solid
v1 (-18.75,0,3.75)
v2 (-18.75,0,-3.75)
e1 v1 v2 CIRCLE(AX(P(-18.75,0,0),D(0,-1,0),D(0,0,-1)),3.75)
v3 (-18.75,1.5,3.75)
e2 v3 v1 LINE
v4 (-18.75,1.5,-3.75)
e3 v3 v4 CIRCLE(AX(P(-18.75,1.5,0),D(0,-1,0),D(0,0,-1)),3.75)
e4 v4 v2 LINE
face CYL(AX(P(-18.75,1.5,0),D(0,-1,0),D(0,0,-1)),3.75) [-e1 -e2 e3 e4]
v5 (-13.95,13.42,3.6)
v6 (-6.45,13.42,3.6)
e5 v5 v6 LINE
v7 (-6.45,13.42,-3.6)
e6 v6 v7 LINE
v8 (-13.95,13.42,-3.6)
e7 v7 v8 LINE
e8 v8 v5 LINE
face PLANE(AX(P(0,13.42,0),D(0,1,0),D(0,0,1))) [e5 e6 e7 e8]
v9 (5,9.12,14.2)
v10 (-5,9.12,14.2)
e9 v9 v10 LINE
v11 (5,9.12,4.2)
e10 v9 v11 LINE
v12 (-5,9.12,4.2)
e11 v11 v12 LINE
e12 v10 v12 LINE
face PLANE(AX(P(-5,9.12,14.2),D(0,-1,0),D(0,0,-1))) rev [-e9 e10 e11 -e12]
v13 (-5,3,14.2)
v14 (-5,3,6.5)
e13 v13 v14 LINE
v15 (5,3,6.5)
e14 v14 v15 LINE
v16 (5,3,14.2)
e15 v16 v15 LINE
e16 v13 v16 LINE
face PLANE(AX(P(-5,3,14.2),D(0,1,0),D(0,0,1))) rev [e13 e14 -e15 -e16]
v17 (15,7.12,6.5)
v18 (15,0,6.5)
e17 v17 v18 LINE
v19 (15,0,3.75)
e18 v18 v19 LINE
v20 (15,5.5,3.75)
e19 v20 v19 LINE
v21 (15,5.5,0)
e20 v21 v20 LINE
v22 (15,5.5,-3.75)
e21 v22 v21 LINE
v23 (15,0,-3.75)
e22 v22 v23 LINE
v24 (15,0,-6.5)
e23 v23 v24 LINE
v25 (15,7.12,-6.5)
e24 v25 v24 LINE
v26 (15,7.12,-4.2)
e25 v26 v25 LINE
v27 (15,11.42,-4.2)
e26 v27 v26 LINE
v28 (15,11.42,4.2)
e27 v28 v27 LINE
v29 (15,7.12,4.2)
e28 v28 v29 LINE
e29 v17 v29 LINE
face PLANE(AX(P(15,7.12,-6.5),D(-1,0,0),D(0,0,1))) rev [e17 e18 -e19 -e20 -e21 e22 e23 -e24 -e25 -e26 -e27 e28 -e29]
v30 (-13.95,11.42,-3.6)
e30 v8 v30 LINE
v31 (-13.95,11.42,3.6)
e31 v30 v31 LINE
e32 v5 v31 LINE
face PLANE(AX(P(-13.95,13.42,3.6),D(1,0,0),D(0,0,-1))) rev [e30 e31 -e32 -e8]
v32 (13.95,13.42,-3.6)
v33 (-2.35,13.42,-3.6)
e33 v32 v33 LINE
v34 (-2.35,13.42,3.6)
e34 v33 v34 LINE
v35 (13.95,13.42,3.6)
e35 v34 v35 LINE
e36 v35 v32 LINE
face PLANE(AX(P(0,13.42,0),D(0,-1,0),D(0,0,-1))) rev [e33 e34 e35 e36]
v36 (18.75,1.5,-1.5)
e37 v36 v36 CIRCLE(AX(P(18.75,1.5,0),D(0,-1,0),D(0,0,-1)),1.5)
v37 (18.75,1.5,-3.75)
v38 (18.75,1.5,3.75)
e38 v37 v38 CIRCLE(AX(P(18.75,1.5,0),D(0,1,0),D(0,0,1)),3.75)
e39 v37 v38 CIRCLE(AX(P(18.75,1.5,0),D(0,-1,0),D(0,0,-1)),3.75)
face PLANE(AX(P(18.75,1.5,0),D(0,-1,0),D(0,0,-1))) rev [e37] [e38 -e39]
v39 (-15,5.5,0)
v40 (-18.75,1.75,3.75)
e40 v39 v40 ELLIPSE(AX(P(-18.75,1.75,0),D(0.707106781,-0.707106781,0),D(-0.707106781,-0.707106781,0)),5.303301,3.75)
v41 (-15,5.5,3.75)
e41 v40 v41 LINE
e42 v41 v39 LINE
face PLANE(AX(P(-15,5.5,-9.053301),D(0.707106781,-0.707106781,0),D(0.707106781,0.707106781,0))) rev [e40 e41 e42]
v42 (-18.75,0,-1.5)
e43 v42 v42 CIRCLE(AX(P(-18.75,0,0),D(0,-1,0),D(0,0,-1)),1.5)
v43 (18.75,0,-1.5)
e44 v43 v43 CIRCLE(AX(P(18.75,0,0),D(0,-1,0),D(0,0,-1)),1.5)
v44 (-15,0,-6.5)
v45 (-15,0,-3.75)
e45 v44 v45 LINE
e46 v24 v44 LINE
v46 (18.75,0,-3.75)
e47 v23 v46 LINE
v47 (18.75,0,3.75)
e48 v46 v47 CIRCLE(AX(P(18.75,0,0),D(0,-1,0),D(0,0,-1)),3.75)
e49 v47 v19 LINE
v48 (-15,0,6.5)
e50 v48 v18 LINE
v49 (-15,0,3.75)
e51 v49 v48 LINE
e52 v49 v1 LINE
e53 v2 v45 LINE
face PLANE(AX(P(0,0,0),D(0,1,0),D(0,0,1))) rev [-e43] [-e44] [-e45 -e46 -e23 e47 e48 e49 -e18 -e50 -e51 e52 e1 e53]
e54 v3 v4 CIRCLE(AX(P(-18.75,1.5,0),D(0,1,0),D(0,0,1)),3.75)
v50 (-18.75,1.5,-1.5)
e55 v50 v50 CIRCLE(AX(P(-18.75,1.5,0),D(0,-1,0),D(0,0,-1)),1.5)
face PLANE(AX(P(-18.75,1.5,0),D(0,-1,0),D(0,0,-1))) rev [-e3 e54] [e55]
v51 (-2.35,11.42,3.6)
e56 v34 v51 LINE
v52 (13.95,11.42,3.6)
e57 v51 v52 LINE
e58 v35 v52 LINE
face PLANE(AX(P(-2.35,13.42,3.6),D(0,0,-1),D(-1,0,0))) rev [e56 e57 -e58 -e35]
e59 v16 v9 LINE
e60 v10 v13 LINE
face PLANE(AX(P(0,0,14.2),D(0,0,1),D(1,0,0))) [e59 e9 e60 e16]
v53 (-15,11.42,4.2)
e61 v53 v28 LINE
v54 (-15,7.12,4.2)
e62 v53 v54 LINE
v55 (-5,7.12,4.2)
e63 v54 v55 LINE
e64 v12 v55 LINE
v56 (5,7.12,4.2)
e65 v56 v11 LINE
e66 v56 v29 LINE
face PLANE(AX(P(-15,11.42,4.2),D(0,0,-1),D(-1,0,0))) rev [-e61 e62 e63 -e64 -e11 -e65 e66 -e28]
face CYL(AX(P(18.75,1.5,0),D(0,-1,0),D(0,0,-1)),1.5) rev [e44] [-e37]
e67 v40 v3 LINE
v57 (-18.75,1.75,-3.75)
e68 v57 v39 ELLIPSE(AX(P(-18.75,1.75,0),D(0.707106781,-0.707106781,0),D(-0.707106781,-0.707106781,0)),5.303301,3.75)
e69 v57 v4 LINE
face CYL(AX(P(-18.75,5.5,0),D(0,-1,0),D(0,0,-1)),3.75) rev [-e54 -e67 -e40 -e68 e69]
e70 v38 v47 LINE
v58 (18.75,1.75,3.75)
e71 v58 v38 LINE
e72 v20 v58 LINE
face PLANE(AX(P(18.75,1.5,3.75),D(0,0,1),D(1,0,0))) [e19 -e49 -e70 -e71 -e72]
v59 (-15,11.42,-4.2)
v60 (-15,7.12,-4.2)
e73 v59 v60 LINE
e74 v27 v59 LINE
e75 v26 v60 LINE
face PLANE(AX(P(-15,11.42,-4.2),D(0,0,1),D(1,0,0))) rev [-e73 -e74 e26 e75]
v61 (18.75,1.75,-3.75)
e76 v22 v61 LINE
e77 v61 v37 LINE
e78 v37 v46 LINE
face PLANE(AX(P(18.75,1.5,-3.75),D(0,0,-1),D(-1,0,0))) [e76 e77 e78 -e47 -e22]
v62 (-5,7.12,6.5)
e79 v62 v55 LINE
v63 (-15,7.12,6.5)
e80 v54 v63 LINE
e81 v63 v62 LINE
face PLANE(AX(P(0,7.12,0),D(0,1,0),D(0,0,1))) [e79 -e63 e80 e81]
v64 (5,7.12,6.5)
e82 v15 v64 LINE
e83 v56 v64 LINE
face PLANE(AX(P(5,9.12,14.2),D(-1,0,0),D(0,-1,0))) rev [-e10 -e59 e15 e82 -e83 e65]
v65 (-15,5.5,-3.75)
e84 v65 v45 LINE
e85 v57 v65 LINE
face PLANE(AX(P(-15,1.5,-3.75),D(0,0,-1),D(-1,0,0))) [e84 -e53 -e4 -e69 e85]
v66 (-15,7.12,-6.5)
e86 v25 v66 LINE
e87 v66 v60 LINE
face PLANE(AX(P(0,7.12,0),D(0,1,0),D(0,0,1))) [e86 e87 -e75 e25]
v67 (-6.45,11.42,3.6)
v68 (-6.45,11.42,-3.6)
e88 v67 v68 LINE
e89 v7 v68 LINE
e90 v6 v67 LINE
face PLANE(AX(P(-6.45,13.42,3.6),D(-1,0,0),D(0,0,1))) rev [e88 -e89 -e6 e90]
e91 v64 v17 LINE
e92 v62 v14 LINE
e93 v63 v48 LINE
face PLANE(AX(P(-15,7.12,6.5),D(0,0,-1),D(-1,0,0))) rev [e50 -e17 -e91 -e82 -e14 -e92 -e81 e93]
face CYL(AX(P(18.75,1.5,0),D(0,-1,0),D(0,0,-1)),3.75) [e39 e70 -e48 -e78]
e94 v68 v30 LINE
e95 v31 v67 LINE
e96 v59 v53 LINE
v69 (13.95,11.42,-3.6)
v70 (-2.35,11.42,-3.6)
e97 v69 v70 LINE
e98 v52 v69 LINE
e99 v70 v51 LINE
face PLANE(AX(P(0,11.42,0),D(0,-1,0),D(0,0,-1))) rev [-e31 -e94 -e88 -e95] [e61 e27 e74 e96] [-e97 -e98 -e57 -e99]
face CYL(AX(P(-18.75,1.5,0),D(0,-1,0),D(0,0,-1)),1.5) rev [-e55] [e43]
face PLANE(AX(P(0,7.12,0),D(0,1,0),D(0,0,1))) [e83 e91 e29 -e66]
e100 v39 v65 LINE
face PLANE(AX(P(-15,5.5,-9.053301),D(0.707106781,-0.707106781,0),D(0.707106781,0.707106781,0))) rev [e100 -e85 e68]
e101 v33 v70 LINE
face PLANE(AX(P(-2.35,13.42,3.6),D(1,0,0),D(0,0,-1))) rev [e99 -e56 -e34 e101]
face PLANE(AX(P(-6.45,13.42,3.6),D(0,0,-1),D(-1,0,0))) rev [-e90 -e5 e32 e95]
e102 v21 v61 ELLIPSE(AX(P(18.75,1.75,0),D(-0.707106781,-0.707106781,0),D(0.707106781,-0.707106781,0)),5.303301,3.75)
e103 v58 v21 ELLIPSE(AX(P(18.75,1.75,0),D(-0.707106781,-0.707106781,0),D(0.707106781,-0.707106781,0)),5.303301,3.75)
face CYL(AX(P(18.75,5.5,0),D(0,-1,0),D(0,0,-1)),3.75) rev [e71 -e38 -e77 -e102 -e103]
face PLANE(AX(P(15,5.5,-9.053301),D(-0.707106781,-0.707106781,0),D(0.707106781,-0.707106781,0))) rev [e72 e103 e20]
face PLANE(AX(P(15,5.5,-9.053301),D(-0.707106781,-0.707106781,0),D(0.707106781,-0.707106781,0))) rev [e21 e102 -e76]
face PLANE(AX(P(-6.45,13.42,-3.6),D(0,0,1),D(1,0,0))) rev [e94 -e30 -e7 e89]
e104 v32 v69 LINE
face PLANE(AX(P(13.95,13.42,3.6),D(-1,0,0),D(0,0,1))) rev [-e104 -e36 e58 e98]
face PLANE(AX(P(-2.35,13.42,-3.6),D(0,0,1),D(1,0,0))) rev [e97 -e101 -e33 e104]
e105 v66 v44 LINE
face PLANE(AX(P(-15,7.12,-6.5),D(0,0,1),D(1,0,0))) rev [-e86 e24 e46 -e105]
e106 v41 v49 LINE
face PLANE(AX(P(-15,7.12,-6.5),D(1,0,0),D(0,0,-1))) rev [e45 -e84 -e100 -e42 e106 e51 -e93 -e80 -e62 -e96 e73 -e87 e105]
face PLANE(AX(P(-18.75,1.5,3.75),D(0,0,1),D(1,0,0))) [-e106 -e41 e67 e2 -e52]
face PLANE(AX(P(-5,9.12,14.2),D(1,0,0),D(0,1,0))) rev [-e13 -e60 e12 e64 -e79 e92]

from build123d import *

# Parameters (mm, degrees)
SKETCH1_W            = 30
SKETCH1_H            = 13
BOTTOMPLATEAU_DEPTH  = 7.12
SKETCH3_R            = 1.5
SCREWSOCKETS_DEPTH   = 1.5
SKETCH4_W            = 30
SKETCH4_H            = 8.4
TOPPLATEAU_DEPTH     = 4.3
SKETCH5_W            = 7.5
SKETCH5_H            = 7.2
SKETCH5_W_2          = 16.3
SENSORSOCKETS_DEPTH  = 2
EXTRUDEDSLANTS_DEPTH = 4
F_45SLANTS_DEPTH     = 7.5
CONNECTION_W         = 10
CONNECTION_H         = 6.12
BOSS_EXTRUDE6_DEPTH  = 10


with BuildPart() as part:
    # Sketch1 → BottomPlateau (new body)
    with BuildSketch(Plane(origin=(0, 0, 0), x_dir=(1, 0, 0), z_dir=(0, 1, 0))):
        Rectangle(SKETCH1_W, SKETCH1_H)
    extrude(amount=BOTTOMPLATEAU_DEPTH)

    # Sketch3 → ScrewSockets (add)
    with BuildSketch(Plane.XZ):
        with BuildLine():
            Line((-18.75, 3.75), (-15, 3.75))
            Line((-15, 3.75), (-15, -3.75))
            Line((-15, -3.75), (-18.75, -3.75))
            ThreePointArc((-18.75, -3.75), (-22.5, 0), (-18.75, 3.75))
        make_face()
        with Locations((-18.75, 0)):
            Circle(SKETCH3_R, mode=Mode.SUBTRACT)
        with BuildLine():
            Line((18.75, 3.75), (15, 3.75))
            Line((15, 3.75), (15, -3.75))
            Line((15, -3.75), (18.75, -3.75))
            ThreePointArc((18.75, -3.75), (22.5, 0), (18.75, 3.75))
        make_face()
        with Locations((18.75, 0)):
            Circle(SKETCH3_R, mode=Mode.SUBTRACT)
    extrude(amount=-SCREWSOCKETS_DEPTH)

    # Sketch4 → TopPlateau (add)
    with BuildSketch(Plane(origin=(0, 7.12, 0), x_dir=(1, 0, 0), z_dir=(0, 1, 0))):
        Rectangle(SKETCH4_W, SKETCH4_H)
    extrude(amount=TOPPLATEAU_DEPTH)

    # Sketch5 → SensorSockets (add)
    with BuildSketch(Plane(origin=(0, 11.42, 0), x_dir=(1, 0, 0), z_dir=(0, 1, 0))):
        with Locations((-10.2, 0)):
            Rectangle(SKETCH5_W, SKETCH5_H)
        with Locations((5.8, 0)):
            Rectangle(SKETCH5_W_2, SKETCH5_H)
    extrude(amount=SENSORSOCKETS_DEPTH)

    # Sketch6 → ExtrudedSlants (add)
    with BuildSketch(Plane(origin=(0, 1.5, 0), x_dir=(1, 0, 0), z_dir=(0, 1, 0))):
        with BuildLine():
            Line((-15, -3.75), (-15, 0))
            ThreePointArc((-15, 0), (-16.098349571, -2.651650429), (-18.75, -3.75))
            Line((-18.75, -3.75), (-15, -3.75))
        make_face()
        with BuildLine():
            Line((-15, 3.75), (-18.75, 3.75))
            ThreePointArc((-18.75, 3.75), (-16.098349571, 2.651650429), (-15, 0))
            Line((-15, 0), (-15, 3.75))
        make_face()
        with BuildLine():
            ThreePointArc((15, 6e-09), (16.098349573, 2.651650432), (18.75, 3.75))
            Line((18.75, 3.75), (15, 3.75))
            Line((15, 3.75), (15, 6e-09))
        make_face()
        with BuildLine():
            ThreePointArc((18.75, -3.75), (16.098349568, -2.651650427), (15, 6e-09))
            Line((15, 6e-09), (15, -3.75))
            Line((15, -3.75), (18.75, -3.75))
        make_face()
    extrude(amount=EXTRUDEDSLANTS_DEPTH)

    # Sketch7 → 45Slants (cut)
    with BuildSketch(Plane.XY.offset(3.75)):
        Polygon((-15, 5.5), (-18.75, 1.75), (-18.75, 5.5), align=None)
        Polygon((15, 5.5), (18.75, 1.75), (18.75, 5.5), align=None)
    extrude(amount=-F_45SLANTS_DEPTH, mode=Mode.SUBTRACT)

    # Connection → Boss-Extrude6 (add)
    with BuildSketch(Plane.XY.offset(4.2)):
        with Locations((0, 6.06)):
            Rectangle(CONNECTION_W, CONNECTION_H)
    extrude(amount=BOSS_EXTRUDE6_DEPTH)


solid = part.part
